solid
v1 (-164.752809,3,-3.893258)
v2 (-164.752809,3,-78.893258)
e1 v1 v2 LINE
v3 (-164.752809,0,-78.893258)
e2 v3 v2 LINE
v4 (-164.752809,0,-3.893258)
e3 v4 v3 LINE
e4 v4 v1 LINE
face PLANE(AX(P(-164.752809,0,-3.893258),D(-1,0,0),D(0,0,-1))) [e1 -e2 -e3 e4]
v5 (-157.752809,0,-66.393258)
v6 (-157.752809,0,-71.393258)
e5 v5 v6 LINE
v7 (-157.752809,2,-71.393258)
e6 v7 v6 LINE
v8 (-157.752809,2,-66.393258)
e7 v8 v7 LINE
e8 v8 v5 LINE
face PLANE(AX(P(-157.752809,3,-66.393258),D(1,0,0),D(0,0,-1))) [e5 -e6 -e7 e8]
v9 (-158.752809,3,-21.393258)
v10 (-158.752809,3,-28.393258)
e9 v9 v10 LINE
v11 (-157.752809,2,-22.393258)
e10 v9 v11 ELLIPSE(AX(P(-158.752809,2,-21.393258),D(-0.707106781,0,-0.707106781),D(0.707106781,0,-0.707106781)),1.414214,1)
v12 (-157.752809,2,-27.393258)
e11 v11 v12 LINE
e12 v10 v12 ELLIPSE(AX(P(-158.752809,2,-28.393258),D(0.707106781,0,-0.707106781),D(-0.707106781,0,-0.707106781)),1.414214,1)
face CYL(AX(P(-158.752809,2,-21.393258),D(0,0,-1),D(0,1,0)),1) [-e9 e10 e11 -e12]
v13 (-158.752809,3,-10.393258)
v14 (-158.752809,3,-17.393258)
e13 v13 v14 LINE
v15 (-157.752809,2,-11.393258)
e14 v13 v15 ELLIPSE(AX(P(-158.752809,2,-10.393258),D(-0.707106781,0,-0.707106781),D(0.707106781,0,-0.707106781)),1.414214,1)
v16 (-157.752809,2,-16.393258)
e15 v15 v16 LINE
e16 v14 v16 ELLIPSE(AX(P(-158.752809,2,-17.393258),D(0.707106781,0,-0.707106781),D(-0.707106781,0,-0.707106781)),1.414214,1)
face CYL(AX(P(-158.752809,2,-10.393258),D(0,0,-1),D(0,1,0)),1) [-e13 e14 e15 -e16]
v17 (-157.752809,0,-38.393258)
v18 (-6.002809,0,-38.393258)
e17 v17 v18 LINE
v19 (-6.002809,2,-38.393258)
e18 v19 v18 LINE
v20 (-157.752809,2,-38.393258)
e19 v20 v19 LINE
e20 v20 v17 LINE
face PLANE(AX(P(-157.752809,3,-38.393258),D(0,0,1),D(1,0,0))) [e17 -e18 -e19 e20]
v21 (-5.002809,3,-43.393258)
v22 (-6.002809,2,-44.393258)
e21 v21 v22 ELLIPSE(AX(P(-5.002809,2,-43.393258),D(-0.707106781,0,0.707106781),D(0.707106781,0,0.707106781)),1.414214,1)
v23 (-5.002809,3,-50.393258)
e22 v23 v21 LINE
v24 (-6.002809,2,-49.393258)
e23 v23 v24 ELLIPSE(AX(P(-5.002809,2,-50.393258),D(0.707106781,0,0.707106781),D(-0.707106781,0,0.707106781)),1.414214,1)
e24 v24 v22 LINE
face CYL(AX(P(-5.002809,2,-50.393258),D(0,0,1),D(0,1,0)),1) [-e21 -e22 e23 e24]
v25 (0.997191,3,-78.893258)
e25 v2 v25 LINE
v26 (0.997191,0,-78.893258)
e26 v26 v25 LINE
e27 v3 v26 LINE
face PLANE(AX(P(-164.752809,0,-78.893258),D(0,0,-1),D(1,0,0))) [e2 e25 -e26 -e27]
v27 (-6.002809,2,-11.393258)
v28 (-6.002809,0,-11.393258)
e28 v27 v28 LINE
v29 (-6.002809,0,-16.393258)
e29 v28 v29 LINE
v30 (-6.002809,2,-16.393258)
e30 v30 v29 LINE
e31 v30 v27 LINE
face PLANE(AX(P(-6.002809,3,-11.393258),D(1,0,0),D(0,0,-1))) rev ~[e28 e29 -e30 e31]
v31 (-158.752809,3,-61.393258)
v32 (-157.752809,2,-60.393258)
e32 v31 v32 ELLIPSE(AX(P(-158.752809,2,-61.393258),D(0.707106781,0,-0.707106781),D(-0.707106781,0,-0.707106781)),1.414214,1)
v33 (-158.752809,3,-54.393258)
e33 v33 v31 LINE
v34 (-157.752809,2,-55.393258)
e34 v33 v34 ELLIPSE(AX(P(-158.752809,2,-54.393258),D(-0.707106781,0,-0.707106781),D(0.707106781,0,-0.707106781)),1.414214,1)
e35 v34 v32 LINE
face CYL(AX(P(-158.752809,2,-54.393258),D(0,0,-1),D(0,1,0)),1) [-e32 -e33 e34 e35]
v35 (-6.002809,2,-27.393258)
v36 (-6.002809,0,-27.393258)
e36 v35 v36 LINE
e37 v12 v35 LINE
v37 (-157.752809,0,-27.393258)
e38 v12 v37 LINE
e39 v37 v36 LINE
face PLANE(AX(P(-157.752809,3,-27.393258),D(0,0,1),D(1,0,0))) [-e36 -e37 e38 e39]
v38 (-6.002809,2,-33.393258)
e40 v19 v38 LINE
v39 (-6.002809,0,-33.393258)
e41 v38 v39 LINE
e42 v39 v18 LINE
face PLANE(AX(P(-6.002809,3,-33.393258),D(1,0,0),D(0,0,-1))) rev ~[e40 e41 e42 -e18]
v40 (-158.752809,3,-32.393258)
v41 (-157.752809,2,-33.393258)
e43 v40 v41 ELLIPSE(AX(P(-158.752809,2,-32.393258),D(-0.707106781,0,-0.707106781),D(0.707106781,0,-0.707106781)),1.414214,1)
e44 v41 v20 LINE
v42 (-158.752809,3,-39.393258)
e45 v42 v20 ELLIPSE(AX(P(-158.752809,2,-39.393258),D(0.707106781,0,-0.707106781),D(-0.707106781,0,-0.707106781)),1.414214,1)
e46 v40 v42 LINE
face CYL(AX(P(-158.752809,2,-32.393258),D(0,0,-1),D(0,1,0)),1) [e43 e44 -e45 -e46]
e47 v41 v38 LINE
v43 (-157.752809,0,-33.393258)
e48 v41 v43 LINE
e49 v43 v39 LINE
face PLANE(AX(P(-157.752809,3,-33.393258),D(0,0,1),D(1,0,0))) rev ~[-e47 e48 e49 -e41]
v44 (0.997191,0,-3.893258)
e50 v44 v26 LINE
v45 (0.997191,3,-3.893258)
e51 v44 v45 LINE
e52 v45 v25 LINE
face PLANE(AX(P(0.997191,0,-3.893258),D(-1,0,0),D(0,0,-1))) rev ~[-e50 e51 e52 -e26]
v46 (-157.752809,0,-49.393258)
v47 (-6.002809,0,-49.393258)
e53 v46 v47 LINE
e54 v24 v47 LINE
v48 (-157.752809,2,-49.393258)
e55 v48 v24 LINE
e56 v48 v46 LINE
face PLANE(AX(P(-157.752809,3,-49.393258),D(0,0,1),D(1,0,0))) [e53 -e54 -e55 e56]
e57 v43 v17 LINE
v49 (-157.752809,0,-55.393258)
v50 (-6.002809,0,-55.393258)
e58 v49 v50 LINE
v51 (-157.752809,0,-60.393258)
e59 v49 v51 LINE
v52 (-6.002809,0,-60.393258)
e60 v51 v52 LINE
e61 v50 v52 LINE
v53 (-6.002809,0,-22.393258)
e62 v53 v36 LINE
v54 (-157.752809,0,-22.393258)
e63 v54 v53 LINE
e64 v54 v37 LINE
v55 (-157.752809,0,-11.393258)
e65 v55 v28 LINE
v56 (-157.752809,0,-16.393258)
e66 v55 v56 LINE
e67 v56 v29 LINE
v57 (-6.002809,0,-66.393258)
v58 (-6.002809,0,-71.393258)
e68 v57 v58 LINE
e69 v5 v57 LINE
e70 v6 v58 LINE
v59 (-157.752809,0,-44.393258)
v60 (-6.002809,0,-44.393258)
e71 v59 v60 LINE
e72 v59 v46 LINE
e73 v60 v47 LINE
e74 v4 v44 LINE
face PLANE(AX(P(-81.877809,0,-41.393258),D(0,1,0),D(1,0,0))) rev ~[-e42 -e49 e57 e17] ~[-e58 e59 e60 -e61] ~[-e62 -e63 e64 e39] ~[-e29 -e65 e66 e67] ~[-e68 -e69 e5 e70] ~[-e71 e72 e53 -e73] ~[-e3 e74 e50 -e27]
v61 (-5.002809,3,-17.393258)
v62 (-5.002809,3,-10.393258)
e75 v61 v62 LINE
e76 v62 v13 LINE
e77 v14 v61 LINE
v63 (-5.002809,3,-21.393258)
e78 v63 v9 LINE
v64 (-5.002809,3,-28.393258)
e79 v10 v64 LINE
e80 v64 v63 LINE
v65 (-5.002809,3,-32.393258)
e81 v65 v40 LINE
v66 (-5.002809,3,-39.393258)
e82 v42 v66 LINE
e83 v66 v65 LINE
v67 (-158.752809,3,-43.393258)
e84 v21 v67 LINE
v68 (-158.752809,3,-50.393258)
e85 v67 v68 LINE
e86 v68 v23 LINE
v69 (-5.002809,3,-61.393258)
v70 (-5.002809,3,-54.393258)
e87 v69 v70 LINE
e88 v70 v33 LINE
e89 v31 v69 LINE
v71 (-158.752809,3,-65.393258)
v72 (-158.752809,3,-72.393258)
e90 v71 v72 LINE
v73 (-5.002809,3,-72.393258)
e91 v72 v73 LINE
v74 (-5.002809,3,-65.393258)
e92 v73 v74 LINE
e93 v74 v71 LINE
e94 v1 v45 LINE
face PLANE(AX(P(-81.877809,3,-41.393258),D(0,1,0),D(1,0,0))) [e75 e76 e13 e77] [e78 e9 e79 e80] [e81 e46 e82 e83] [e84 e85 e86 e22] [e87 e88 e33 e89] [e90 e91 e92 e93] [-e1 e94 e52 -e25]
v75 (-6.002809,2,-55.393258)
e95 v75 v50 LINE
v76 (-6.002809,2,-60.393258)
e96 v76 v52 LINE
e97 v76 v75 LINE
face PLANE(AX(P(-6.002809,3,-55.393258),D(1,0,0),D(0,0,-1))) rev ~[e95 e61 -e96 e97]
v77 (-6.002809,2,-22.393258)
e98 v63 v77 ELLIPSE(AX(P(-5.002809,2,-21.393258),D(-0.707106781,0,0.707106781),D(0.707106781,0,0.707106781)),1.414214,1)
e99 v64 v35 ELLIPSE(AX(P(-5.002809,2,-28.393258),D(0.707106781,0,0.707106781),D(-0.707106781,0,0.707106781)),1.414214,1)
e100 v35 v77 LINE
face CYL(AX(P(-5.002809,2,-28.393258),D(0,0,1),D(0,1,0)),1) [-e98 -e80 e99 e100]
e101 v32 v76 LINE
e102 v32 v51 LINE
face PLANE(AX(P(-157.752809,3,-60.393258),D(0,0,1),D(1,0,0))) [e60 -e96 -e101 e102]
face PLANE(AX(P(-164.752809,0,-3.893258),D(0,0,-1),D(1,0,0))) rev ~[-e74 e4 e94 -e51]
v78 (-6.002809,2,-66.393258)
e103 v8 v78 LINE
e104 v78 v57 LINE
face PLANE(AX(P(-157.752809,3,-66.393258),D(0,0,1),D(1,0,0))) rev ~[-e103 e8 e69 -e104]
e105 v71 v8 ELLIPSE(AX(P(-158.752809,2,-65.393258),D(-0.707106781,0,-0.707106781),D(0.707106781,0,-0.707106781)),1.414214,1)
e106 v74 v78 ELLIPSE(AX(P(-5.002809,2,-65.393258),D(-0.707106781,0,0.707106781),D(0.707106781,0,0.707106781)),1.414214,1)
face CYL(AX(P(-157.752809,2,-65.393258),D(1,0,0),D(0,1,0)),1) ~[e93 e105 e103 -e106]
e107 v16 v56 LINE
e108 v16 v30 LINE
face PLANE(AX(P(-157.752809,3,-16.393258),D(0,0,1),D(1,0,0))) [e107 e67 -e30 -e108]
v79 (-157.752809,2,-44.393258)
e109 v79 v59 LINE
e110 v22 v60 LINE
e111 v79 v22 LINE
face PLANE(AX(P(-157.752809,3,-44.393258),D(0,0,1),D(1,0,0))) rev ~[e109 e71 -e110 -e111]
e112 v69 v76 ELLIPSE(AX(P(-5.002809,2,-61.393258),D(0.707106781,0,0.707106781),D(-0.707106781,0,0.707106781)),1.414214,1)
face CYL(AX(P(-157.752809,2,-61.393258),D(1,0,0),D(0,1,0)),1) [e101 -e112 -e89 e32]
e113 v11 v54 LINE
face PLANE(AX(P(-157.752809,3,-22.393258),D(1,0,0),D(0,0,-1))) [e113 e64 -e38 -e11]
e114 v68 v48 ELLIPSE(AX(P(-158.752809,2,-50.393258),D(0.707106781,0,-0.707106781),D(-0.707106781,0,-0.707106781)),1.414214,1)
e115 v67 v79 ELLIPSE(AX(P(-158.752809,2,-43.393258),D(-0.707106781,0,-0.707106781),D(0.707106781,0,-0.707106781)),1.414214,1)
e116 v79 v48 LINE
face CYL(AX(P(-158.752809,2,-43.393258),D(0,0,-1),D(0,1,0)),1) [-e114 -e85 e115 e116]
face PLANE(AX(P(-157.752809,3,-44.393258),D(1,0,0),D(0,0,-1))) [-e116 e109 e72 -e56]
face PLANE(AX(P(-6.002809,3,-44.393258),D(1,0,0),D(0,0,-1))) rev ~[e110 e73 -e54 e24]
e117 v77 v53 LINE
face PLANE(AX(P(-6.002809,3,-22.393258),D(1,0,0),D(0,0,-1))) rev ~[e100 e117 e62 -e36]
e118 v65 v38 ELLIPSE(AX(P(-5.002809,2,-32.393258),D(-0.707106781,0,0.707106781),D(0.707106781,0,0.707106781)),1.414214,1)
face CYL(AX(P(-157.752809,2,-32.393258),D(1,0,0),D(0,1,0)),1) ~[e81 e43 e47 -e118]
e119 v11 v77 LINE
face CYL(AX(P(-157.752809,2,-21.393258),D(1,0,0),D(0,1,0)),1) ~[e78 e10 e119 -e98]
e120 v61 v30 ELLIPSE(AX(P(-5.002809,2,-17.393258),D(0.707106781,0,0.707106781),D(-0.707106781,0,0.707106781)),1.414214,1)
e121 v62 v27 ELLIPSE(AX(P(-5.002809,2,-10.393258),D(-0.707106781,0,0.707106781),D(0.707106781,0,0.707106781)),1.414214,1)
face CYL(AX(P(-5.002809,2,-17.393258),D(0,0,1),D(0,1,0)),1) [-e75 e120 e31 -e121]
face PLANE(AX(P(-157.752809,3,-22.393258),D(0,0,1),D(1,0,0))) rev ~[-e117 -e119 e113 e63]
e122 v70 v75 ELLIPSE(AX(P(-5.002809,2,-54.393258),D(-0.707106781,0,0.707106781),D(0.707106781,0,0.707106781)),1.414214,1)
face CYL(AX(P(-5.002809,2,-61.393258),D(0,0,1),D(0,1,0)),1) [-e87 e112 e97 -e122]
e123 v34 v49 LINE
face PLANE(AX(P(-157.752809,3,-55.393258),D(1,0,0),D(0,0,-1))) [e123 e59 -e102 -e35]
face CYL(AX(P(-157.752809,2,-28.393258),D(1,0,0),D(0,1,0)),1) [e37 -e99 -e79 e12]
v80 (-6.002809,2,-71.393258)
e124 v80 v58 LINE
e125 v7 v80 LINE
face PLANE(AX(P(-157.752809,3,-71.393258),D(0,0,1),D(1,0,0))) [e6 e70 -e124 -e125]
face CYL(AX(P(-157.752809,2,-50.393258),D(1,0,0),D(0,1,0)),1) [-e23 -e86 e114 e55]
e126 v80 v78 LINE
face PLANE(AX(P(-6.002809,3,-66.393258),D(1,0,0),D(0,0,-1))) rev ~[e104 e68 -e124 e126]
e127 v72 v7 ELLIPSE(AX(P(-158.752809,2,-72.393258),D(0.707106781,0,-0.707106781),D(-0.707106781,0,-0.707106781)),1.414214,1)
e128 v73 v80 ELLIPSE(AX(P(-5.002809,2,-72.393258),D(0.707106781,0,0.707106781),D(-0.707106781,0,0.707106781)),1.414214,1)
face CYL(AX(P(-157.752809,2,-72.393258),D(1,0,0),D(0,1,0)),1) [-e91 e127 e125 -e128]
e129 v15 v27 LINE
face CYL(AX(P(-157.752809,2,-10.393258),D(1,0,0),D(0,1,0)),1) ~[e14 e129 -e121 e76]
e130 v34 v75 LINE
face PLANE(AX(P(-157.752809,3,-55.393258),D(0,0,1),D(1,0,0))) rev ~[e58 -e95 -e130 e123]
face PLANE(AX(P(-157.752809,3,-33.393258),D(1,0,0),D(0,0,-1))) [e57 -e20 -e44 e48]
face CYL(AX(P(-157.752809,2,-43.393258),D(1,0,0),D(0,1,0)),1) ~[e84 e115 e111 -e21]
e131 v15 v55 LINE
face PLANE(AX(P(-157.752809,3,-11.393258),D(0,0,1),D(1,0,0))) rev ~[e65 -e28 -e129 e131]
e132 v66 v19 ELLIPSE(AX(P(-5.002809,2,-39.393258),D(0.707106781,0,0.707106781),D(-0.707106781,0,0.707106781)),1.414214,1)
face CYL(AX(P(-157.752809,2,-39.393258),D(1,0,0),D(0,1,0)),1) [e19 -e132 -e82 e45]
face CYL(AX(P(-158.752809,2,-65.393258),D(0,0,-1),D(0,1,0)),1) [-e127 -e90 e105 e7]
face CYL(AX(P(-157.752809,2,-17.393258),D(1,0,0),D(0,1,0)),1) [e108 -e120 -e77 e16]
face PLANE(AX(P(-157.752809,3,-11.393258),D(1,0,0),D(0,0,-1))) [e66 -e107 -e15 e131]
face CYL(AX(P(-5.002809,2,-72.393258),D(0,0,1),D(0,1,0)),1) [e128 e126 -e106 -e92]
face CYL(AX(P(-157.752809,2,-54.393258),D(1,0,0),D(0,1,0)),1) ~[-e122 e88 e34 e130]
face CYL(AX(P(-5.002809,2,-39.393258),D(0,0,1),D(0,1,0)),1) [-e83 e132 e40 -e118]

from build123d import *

# Parameters (mm, degrees)
SKETCH1_W           = 165.75
SKETCH1_H           = 75
BOSS_EXTRUDE1_DEPTH = 3
SKETCH2_W           = 151.75
SKETCH2_H           = 5
CUT_EXTRUDE1_DEPTH  = 183.692731916
FILLET4_R           = 1
FILLET5_R           = 1
FILLET6_R           = 1
FILLET7_R           = 1
FILLET8_R           = 1
FILLET9_R           = 1
FILLET10_R          = 1
FILLET11_R          = 1
FILLET12_R          = 1
FILLET13_R          = 1
FILLET14_R          = 1
FILLET15_R          = 1
FILLET16_R          = 1
FILLET17_R          = 1
FILLET18_R          = 1
FILLET19_R          = 1
FILLET20_R          = 1
FILLET21_R          = 1
FILLET22_R          = 1
FILLET23_R          = 1
FILLET24_R          = 1
FILLET25_R          = 1
FILLET26_R          = 1
FILLET27_R          = 1


with BuildPart() as part:
    # Sketch1 → Boss-Extrude1 (new body)
    with BuildSketch(Plane(origin=(0, 0, 0), x_dir=(1, 0, 0), z_dir=(0, 1, 0))):
        with Locations((-81.877808989, 41.393258427)):
            Rectangle(SKETCH1_W, SKETCH1_H)
    extrude(amount=BOSS_EXTRUDE1_DEPTH)

    # Sketch2 → Cut-Extrude1 (cut, through all)
    with BuildSketch(Plane(origin=(0, 3, 0), x_dir=(1, 0, 0), z_dir=(0, 1, 0))):
        with Locations((-81.877808989, 68.893258427)):
            Rectangle(SKETCH2_W, SKETCH2_H)
        with Locations((-81.877808989, 57.893258427)):
            Rectangle(SKETCH2_W, SKETCH2_H)
        with Locations((-81.877808989, 46.893258427)):
            Rectangle(SKETCH2_W, SKETCH2_H)
        with Locations((-81.877808989, 35.893258427)):
            Rectangle(SKETCH2_W, SKETCH2_H)
        with Locations((-81.877808989, 24.893258427)):
            Rectangle(SKETCH2_W, SKETCH2_H)
        with Locations((-81.877808989, 13.893258427)):
            Rectangle(SKETCH2_W, SKETCH2_H)
    extrude(amount=-CUT_EXTRUDE1_DEPTH, mode=Mode.SUBTRACT)

    # Fillet4
    fillet4_edges = [part.edges().sort_by_distance(p)[0] for p in [
        (-81.877808989, 3, -60.393258427),
    ]]
    fillet(fillet4_edges, radius=FILLET4_R)

    # Fillet5
    fillet5_edges = [part.edges().sort_by_distance(p)[0] for p in [
        (-81.877808989, 3, -66.393258427),
    ]]
    fillet(fillet5_edges, radius=FILLET5_R)

    # Fillet6
    fillet6_edges = [part.edges().sort_by_distance(p)[0] for p in [
        (-81.877808989, 3, -49.393258427),
    ]]
    fillet(fillet6_edges, radius=FILLET6_R)

    # Fillet7
    fillet7_edges = [part.edges().sort_by_distance(p)[0] for p in [
        (-81.877808989, 3, -55.393258427),
    ]]
    fillet(fillet7_edges, radius=FILLET7_R)

    # Fillet8
    fillet8_edges = [part.edges().sort_by_distance(p)[0] for p in [
        (-81.877808989, 3, -38.393258427),
    ]]
    fillet(fillet8_edges, radius=FILLET8_R)

    # Fillet9
    fillet9_edges = [part.edges().sort_by_distance(p)[0] for p in [
        (-81.877808989, 3, -44.393258427),
    ]]
    fillet(fillet9_edges, radius=FILLET9_R)

    # Fillet10
    fillet10_edges = [part.edges().sort_by_distance(p)[0] for p in [
        (-81.877808989, 3, -33.393258427),
    ]]
    fillet(fillet10_edges, radius=FILLET10_R)

    # Fillet11
    fillet11_edges = [part.edges().sort_by_distance(p)[0] for p in [
        (-81.877808989, 3, -27.393258427),
    ]]
    fillet(fillet11_edges, radius=FILLET11_R)

    # Fillet12
    fillet12_edges = [part.edges().sort_by_distance(p)[0] for p in [
        (-81.877808989, 3, -22.393258427),
    ]]
    fillet(fillet12_edges, radius=FILLET12_R)

    # Fillet13
    fillet13_edges = [part.edges().sort_by_distance(p)[0] for p in [
        (-81.877808989, 3, -16.393258427),
    ]]
    fillet(fillet13_edges, radius=FILLET13_R)

    # Fillet14
    fillet14_edges = [part.edges().sort_by_distance(p)[0] for p in [
        (-81.877808989, 3, -11.393258427),
    ]]
    fillet(fillet14_edges, radius=FILLET14_R)

    # Fillet15
    fillet15_edges = [part.edges().sort_by_distance(p)[0] for p in [
        (-81.877808989, 3, -71.393258427),
    ]]
    fillet(fillet15_edges, radius=FILLET15_R)

    # Fillet16
    fillet16_edges = [part.edges().sort_by_distance(p)[0] for p in [
        (-157.752808989, 3, -68.893258427),
    ]]
    fillet(fillet16_edges, radius=FILLET16_R)

    # Fillet17
    fillet17_edges = [part.edges().sort_by_distance(p)[0] for p in [
        (-157.752808989, 3, -57.893258427),
    ]]
    fillet(fillet17_edges, radius=FILLET17_R)

    # Fillet18
    fillet18_edges = [part.edges().sort_by_distance(p)[0] for p in [
        (-157.752808989, 3, -46.893258427),
    ]]
    fillet(fillet18_edges, radius=FILLET18_R)

    # Fillet19
    fillet19_edges = [part.edges().sort_by_distance(p)[0] for p in [
        (-157.752808989, 3, -35.893258427),
    ]]
    fillet(fillet19_edges, radius=FILLET19_R)

    # Fillet20
    fillet20_edges = [part.edges().sort_by_distance(p)[0] for p in [
        (-157.752808989, 3, -24.893258427),
    ]]
    fillet(fillet20_edges, radius=FILLET20_R)

    # Fillet21
    fillet21_edges = [part.edges().sort_by_distance(p)[0] for p in [
        (-157.752808989, 3, -13.893258427),
    ]]
    fillet(fillet21_edges, radius=FILLET21_R)

    # Fillet22
    fillet22_edges = [part.edges().sort_by_distance(p)[0] for p in [
        (-6.002808989, 3, -13.893258427),
    ]]
    fillet(fillet22_edges, radius=FILLET22_R)

    # Fillet23
    fillet23_edges = [part.edges().sort_by_distance(p)[0] for p in [
        (-6.002808989, 3, -24.893258427),
    ]]
    fillet(fillet23_edges, radius=FILLET23_R)

    # Fillet24
    fillet24_edges = [part.edges().sort_by_distance(p)[0] for p in [
        (-6.002808989, 3, -35.893258427),
    ]]
    fillet(fillet24_edges, radius=FILLET24_R)

    # Fillet25
    fillet25_edges = [part.edges().sort_by_distance(p)[0] for p in [
        (-6.002808989, 3, -46.893258427),
    ]]
    fillet(fillet25_edges, radius=FILLET25_R)

    # Fillet26
    fillet26_edges = [part.edges().sort_by_distance(p)[0] for p in [
        (-6.002808989, 3, -57.893258427),
    ]]
    fillet(fillet26_edges, radius=FILLET26_R)

    # Fillet27
    fillet27_edges = [part.edges().sort_by_distance(p)[0] for p in [
        (-6.002808989, 3, -68.893258427),
    ]]
    fillet(fillet27_edges, radius=FILLET27_R)


solid = part.part
